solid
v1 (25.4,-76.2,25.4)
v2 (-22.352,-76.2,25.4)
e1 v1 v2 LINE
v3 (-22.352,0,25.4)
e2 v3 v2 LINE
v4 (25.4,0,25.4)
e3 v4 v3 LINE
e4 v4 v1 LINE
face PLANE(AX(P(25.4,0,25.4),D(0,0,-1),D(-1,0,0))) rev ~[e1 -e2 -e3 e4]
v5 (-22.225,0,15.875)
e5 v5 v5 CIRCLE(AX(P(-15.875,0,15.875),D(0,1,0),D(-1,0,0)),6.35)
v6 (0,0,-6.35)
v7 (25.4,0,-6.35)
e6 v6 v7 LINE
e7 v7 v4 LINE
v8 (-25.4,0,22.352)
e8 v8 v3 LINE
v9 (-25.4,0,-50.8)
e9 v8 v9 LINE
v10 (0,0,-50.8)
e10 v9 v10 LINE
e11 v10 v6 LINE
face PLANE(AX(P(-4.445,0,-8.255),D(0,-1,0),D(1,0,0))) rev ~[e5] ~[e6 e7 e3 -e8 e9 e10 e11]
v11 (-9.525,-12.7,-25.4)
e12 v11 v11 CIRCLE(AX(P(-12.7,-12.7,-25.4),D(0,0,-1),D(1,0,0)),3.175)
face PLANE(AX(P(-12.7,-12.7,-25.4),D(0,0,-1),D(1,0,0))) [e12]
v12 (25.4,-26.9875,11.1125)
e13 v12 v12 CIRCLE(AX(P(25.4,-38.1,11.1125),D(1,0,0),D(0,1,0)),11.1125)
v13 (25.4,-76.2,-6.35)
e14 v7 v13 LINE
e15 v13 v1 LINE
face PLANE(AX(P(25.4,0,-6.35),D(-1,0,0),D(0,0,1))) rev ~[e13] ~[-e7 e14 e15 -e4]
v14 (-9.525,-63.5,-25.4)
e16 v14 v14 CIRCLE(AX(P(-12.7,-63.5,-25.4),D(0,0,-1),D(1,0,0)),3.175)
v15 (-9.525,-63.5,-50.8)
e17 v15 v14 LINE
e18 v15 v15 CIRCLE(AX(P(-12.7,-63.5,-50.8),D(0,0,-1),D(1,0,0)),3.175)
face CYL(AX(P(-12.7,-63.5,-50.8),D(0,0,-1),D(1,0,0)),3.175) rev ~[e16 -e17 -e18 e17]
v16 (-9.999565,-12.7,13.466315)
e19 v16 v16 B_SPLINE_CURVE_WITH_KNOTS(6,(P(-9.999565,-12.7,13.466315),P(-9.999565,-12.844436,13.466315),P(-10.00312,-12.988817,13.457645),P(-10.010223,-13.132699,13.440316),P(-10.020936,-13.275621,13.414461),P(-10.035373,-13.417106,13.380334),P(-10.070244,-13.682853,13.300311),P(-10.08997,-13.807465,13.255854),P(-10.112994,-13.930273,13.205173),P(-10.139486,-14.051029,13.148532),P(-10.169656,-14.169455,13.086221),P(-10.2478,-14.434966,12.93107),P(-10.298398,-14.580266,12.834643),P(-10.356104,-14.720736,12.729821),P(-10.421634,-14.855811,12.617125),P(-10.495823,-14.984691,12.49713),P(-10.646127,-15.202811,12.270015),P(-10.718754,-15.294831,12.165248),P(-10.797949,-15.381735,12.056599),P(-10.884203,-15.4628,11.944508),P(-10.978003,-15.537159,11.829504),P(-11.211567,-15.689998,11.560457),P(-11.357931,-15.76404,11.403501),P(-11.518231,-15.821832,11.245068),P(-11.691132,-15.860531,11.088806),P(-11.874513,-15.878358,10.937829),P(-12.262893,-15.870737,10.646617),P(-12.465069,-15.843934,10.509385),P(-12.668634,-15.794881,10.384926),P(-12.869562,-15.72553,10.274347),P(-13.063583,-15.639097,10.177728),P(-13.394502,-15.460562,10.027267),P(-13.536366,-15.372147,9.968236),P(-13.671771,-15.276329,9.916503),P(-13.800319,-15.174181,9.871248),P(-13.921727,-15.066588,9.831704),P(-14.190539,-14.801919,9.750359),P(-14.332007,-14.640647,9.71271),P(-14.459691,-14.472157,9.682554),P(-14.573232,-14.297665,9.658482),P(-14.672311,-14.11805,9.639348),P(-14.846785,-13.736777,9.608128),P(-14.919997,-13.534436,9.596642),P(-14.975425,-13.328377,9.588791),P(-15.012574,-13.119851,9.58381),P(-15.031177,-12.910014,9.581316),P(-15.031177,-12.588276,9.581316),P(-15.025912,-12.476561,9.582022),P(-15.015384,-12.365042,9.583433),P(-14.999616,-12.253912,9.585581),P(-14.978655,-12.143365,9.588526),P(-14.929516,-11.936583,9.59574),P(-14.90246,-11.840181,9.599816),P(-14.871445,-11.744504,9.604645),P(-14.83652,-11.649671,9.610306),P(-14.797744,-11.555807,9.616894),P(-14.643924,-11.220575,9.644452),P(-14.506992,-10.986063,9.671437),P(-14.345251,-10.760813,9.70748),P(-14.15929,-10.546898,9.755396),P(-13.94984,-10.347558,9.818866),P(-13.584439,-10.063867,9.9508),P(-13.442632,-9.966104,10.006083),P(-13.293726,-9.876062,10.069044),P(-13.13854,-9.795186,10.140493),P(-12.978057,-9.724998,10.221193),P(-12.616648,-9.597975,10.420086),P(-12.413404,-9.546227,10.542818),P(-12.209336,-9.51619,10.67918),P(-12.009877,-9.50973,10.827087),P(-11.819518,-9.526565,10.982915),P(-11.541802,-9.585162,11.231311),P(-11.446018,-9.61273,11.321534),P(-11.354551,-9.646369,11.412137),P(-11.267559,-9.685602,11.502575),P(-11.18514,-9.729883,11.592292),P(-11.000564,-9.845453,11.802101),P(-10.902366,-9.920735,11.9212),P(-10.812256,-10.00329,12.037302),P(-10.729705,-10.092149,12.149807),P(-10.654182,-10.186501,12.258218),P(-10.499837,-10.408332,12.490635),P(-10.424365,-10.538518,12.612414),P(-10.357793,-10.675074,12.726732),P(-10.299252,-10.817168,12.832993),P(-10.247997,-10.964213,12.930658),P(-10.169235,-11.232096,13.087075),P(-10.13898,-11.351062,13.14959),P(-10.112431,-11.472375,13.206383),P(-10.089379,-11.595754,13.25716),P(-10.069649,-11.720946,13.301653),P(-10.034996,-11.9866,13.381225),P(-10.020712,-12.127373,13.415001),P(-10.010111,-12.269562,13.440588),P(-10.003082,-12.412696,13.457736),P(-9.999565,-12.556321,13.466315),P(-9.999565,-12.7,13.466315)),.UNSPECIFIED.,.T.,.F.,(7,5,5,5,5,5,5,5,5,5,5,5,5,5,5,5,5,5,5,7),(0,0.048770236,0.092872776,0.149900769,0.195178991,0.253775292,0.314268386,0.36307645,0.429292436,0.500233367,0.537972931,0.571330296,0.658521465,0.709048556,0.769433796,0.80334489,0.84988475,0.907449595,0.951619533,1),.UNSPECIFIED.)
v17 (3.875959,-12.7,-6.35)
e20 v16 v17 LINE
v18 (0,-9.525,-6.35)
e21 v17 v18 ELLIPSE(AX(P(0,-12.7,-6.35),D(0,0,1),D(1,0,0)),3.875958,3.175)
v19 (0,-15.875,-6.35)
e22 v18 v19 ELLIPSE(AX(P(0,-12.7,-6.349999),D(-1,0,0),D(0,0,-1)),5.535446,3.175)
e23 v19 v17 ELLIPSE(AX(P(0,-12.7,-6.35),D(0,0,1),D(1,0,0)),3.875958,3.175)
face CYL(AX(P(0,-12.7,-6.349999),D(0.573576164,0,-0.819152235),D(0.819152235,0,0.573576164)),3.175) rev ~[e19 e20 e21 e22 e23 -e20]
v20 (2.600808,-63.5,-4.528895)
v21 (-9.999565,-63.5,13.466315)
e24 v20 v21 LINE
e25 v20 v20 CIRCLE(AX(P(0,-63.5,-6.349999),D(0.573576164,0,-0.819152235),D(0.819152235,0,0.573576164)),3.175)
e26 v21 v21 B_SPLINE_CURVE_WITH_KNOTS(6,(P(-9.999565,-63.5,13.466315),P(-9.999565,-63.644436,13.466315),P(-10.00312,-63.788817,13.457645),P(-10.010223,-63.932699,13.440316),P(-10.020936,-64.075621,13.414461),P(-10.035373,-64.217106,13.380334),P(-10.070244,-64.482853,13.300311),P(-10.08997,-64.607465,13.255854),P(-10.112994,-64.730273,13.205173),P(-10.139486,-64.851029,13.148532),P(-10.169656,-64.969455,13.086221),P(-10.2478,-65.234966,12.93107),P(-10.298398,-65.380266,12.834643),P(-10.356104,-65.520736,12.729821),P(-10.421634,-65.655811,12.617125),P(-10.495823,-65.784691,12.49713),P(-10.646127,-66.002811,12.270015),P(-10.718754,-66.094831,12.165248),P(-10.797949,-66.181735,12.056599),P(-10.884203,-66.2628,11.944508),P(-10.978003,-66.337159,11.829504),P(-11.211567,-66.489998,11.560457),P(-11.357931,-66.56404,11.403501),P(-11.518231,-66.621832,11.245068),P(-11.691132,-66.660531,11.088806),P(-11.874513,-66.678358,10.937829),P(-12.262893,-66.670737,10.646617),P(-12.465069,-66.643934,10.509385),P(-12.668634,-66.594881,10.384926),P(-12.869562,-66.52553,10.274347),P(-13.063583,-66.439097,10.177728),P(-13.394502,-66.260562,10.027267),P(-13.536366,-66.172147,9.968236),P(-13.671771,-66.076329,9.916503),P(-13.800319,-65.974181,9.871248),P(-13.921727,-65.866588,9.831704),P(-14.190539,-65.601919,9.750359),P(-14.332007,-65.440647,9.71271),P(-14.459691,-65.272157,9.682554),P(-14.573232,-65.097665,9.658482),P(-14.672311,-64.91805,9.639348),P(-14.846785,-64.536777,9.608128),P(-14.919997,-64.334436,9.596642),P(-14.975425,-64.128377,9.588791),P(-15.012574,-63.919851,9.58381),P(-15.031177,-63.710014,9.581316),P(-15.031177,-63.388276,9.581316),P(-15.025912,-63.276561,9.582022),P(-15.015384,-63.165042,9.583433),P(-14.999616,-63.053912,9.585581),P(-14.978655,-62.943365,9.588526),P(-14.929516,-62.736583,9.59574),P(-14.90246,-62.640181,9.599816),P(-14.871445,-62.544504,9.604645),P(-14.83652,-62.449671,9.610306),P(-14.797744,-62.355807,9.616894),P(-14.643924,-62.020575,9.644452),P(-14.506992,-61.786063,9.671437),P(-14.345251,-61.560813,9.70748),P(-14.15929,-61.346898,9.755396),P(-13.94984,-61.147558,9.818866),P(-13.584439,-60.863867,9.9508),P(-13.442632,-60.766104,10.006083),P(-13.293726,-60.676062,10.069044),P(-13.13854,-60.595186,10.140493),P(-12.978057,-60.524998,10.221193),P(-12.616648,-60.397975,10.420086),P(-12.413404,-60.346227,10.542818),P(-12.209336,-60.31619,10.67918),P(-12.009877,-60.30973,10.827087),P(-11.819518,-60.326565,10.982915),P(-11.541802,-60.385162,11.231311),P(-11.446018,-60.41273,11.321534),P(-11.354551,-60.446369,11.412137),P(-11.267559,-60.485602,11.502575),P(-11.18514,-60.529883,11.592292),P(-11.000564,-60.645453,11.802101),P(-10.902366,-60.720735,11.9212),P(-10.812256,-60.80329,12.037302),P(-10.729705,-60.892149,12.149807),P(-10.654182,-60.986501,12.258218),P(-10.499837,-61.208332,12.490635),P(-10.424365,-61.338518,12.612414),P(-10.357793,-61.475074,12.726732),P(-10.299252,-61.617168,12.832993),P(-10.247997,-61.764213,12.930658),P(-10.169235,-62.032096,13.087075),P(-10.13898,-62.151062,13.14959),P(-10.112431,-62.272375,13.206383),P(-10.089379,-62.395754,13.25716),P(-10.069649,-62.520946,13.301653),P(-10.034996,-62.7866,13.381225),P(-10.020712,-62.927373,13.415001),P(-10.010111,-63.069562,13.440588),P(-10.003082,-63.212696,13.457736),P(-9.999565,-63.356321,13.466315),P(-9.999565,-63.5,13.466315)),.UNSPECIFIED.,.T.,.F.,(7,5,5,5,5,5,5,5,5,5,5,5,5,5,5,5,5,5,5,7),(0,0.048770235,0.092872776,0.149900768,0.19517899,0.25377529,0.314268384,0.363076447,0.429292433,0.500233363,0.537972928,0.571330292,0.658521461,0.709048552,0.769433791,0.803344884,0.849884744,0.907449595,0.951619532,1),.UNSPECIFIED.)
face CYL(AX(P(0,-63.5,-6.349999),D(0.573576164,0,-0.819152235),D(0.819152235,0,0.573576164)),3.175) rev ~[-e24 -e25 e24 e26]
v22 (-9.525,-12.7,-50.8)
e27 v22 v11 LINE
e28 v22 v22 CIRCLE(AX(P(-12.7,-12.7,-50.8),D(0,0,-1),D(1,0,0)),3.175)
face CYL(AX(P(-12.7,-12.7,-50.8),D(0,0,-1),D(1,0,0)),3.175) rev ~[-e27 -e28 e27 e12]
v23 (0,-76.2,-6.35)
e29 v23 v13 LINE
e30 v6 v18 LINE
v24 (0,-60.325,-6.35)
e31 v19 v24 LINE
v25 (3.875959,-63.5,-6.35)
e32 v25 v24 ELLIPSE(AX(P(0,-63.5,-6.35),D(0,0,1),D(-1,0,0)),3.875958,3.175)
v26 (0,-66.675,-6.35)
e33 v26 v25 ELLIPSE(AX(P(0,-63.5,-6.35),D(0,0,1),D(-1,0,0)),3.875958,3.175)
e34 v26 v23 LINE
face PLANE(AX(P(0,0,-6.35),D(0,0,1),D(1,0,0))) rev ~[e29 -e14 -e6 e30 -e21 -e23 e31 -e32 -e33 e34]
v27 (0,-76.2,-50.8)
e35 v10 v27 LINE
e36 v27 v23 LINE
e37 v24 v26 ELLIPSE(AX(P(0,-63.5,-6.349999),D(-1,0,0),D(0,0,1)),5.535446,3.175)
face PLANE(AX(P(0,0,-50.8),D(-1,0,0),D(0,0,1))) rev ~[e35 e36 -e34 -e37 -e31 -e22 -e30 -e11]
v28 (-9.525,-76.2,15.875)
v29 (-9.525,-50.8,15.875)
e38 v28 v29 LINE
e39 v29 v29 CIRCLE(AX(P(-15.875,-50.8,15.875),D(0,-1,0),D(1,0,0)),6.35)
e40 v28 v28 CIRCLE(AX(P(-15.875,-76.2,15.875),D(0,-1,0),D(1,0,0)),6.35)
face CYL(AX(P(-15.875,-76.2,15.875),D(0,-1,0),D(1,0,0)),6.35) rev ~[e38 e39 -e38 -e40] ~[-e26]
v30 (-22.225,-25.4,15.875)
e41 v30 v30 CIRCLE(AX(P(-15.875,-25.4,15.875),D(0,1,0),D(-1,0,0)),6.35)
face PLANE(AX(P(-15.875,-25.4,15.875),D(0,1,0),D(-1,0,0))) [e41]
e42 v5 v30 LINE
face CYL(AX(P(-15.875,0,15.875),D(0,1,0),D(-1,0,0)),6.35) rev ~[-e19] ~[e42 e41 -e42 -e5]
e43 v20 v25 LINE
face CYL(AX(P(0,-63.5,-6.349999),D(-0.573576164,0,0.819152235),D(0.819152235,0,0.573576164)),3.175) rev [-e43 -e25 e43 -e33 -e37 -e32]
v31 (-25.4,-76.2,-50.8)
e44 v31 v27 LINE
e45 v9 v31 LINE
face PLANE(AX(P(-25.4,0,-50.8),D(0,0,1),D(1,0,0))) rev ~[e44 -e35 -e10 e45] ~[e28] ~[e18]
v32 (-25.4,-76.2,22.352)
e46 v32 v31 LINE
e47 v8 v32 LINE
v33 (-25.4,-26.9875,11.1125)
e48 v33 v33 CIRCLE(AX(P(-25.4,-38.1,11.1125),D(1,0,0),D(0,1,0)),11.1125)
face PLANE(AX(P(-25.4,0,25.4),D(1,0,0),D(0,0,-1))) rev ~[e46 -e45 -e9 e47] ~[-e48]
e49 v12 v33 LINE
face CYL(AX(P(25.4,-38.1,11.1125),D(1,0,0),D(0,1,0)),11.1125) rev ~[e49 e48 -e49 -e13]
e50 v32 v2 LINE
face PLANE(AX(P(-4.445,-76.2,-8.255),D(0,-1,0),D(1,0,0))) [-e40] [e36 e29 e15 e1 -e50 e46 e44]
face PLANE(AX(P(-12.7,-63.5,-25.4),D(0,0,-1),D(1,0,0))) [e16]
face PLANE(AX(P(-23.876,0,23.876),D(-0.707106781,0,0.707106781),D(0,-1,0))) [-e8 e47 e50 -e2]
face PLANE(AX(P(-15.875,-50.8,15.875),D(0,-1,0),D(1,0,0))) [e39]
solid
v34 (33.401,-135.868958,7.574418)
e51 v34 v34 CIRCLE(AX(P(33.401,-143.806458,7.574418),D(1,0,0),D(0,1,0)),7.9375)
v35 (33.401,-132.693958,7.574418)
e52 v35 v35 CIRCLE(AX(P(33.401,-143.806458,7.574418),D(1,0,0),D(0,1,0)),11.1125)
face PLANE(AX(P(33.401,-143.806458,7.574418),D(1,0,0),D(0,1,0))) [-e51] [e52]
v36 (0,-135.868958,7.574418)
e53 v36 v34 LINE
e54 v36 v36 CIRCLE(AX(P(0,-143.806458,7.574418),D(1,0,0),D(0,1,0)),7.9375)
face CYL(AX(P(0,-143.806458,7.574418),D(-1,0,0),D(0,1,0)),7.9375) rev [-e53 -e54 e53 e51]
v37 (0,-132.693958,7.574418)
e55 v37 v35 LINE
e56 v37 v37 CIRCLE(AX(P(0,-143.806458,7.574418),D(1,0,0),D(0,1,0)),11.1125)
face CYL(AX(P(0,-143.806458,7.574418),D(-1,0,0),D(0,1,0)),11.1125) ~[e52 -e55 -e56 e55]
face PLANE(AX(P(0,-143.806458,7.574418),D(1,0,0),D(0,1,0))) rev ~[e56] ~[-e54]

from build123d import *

# Parameters (mm, degrees)
F0_R      = 6.35
F1_DEPTH  = 76.2
F2_R      = 11.1125
F3_DEPTH  = 50.801
F4_R      = 6.35
F5_DEPTH  = 25.4
F6_R      = 6.35
F7_DEPTH  = 25.4
F8_R      = 3.175
F9_DEPTH  = 25.4
F10_SIZE  = 3.048
F12_R     = 3.175
F13_DEPTH = 25.4
F14_R     = 11.1125
F14_R_2   = 7.9375
F15_DEPTH = 33.401


with BuildPart() as f1:
    # F0 (on Front) → F1 (new body)
    with BuildSketch(Plane.XZ):
        Polygon((-25.4, -50.8), (0, -50.8), (0, -6.35), (25.4, -6.35), (25.4, 25.4), (-25.4, 25.4), align=None)
        with Locations((-15.875, 15.875)):
            Circle(F0_R, mode=Mode.SUBTRACT)
        with Locations((-15.875, 15.875)):
            Circle(F0_R)
    extrude(amount=F1_DEPTH)

    # F2 (on face) → F3 (cut, through all)
    with BuildSketch(Plane.YZ.offset(25.4)):
        with Locations((-38.1, 11.1125)):
            Circle(F2_R)
    extrude(amount=-F3_DEPTH, mode=Mode.SUBTRACT)

    # F4 (on face) → F5 (cut)
    with BuildSketch(Plane.XZ.offset(76.2)):
        with Locations((-15.875, 15.875)):
            Circle(F4_R)
    extrude(amount=-F5_DEPTH, mode=Mode.SUBTRACT)

    # F6 (on face) → F7 (cut)
    with BuildSketch(Plane(origin=(0, 0, 0), x_dir=(-1, 0, 0), z_dir=(0, 1, 0))):
        with Locations((15.875, 15.875)):
            Circle(F6_R)
    extrude(amount=-F7_DEPTH, mode=Mode.SUBTRACT)

    # F8 (on face) → F9 (cut)
    with BuildSketch(Plane(origin=(0, 0, -50.8), x_dir=(1, 0, 0), z_dir=(0, 0, -1))):
        with Locations((-12.7, 63.5)):
            Circle(F8_R)
        with Locations((-12.7, 12.7)):
            Circle(F8_R)
    extrude(amount=-F9_DEPTH, mode=Mode.SUBTRACT)

    # F10
    f10_edges = [f1.edges().sort_by_distance(p)[0] for p in [
        (-25.4, -38.1, 25.4),
    ]]
    chamfer(f10_edges, length=F10_SIZE)

    # F12 (on face) → F13 (cut, symmetric)
    with BuildSketch(Plane(origin=(2.983524, 0, -4.260914), x_dir=(0.819152, 0, 0.573576), z_dir=(0.573576, 0, -0.819152))):
        with Locations((-3.64221, 63.5)):
            Circle(F12_R)
        with Locations((-3.64221, 12.7)):
            Circle(F12_R)
    extrude(amount=F13_DEPTH, both=True, mode=Mode.SUBTRACT)


with BuildPart() as f15:
    # F14 (on Right) → F15 (new body)
    with BuildSketch(Plane.YZ):
        with Locations((-143.806458, 7.574418)):
            Circle(F14_R)
        with Locations((-143.806458, 7.574418)):
            Circle(F14_R_2, mode=Mode.SUBTRACT)
    extrude(amount=F15_DEPTH)


solid = Compound([f1.part, f15.part])
